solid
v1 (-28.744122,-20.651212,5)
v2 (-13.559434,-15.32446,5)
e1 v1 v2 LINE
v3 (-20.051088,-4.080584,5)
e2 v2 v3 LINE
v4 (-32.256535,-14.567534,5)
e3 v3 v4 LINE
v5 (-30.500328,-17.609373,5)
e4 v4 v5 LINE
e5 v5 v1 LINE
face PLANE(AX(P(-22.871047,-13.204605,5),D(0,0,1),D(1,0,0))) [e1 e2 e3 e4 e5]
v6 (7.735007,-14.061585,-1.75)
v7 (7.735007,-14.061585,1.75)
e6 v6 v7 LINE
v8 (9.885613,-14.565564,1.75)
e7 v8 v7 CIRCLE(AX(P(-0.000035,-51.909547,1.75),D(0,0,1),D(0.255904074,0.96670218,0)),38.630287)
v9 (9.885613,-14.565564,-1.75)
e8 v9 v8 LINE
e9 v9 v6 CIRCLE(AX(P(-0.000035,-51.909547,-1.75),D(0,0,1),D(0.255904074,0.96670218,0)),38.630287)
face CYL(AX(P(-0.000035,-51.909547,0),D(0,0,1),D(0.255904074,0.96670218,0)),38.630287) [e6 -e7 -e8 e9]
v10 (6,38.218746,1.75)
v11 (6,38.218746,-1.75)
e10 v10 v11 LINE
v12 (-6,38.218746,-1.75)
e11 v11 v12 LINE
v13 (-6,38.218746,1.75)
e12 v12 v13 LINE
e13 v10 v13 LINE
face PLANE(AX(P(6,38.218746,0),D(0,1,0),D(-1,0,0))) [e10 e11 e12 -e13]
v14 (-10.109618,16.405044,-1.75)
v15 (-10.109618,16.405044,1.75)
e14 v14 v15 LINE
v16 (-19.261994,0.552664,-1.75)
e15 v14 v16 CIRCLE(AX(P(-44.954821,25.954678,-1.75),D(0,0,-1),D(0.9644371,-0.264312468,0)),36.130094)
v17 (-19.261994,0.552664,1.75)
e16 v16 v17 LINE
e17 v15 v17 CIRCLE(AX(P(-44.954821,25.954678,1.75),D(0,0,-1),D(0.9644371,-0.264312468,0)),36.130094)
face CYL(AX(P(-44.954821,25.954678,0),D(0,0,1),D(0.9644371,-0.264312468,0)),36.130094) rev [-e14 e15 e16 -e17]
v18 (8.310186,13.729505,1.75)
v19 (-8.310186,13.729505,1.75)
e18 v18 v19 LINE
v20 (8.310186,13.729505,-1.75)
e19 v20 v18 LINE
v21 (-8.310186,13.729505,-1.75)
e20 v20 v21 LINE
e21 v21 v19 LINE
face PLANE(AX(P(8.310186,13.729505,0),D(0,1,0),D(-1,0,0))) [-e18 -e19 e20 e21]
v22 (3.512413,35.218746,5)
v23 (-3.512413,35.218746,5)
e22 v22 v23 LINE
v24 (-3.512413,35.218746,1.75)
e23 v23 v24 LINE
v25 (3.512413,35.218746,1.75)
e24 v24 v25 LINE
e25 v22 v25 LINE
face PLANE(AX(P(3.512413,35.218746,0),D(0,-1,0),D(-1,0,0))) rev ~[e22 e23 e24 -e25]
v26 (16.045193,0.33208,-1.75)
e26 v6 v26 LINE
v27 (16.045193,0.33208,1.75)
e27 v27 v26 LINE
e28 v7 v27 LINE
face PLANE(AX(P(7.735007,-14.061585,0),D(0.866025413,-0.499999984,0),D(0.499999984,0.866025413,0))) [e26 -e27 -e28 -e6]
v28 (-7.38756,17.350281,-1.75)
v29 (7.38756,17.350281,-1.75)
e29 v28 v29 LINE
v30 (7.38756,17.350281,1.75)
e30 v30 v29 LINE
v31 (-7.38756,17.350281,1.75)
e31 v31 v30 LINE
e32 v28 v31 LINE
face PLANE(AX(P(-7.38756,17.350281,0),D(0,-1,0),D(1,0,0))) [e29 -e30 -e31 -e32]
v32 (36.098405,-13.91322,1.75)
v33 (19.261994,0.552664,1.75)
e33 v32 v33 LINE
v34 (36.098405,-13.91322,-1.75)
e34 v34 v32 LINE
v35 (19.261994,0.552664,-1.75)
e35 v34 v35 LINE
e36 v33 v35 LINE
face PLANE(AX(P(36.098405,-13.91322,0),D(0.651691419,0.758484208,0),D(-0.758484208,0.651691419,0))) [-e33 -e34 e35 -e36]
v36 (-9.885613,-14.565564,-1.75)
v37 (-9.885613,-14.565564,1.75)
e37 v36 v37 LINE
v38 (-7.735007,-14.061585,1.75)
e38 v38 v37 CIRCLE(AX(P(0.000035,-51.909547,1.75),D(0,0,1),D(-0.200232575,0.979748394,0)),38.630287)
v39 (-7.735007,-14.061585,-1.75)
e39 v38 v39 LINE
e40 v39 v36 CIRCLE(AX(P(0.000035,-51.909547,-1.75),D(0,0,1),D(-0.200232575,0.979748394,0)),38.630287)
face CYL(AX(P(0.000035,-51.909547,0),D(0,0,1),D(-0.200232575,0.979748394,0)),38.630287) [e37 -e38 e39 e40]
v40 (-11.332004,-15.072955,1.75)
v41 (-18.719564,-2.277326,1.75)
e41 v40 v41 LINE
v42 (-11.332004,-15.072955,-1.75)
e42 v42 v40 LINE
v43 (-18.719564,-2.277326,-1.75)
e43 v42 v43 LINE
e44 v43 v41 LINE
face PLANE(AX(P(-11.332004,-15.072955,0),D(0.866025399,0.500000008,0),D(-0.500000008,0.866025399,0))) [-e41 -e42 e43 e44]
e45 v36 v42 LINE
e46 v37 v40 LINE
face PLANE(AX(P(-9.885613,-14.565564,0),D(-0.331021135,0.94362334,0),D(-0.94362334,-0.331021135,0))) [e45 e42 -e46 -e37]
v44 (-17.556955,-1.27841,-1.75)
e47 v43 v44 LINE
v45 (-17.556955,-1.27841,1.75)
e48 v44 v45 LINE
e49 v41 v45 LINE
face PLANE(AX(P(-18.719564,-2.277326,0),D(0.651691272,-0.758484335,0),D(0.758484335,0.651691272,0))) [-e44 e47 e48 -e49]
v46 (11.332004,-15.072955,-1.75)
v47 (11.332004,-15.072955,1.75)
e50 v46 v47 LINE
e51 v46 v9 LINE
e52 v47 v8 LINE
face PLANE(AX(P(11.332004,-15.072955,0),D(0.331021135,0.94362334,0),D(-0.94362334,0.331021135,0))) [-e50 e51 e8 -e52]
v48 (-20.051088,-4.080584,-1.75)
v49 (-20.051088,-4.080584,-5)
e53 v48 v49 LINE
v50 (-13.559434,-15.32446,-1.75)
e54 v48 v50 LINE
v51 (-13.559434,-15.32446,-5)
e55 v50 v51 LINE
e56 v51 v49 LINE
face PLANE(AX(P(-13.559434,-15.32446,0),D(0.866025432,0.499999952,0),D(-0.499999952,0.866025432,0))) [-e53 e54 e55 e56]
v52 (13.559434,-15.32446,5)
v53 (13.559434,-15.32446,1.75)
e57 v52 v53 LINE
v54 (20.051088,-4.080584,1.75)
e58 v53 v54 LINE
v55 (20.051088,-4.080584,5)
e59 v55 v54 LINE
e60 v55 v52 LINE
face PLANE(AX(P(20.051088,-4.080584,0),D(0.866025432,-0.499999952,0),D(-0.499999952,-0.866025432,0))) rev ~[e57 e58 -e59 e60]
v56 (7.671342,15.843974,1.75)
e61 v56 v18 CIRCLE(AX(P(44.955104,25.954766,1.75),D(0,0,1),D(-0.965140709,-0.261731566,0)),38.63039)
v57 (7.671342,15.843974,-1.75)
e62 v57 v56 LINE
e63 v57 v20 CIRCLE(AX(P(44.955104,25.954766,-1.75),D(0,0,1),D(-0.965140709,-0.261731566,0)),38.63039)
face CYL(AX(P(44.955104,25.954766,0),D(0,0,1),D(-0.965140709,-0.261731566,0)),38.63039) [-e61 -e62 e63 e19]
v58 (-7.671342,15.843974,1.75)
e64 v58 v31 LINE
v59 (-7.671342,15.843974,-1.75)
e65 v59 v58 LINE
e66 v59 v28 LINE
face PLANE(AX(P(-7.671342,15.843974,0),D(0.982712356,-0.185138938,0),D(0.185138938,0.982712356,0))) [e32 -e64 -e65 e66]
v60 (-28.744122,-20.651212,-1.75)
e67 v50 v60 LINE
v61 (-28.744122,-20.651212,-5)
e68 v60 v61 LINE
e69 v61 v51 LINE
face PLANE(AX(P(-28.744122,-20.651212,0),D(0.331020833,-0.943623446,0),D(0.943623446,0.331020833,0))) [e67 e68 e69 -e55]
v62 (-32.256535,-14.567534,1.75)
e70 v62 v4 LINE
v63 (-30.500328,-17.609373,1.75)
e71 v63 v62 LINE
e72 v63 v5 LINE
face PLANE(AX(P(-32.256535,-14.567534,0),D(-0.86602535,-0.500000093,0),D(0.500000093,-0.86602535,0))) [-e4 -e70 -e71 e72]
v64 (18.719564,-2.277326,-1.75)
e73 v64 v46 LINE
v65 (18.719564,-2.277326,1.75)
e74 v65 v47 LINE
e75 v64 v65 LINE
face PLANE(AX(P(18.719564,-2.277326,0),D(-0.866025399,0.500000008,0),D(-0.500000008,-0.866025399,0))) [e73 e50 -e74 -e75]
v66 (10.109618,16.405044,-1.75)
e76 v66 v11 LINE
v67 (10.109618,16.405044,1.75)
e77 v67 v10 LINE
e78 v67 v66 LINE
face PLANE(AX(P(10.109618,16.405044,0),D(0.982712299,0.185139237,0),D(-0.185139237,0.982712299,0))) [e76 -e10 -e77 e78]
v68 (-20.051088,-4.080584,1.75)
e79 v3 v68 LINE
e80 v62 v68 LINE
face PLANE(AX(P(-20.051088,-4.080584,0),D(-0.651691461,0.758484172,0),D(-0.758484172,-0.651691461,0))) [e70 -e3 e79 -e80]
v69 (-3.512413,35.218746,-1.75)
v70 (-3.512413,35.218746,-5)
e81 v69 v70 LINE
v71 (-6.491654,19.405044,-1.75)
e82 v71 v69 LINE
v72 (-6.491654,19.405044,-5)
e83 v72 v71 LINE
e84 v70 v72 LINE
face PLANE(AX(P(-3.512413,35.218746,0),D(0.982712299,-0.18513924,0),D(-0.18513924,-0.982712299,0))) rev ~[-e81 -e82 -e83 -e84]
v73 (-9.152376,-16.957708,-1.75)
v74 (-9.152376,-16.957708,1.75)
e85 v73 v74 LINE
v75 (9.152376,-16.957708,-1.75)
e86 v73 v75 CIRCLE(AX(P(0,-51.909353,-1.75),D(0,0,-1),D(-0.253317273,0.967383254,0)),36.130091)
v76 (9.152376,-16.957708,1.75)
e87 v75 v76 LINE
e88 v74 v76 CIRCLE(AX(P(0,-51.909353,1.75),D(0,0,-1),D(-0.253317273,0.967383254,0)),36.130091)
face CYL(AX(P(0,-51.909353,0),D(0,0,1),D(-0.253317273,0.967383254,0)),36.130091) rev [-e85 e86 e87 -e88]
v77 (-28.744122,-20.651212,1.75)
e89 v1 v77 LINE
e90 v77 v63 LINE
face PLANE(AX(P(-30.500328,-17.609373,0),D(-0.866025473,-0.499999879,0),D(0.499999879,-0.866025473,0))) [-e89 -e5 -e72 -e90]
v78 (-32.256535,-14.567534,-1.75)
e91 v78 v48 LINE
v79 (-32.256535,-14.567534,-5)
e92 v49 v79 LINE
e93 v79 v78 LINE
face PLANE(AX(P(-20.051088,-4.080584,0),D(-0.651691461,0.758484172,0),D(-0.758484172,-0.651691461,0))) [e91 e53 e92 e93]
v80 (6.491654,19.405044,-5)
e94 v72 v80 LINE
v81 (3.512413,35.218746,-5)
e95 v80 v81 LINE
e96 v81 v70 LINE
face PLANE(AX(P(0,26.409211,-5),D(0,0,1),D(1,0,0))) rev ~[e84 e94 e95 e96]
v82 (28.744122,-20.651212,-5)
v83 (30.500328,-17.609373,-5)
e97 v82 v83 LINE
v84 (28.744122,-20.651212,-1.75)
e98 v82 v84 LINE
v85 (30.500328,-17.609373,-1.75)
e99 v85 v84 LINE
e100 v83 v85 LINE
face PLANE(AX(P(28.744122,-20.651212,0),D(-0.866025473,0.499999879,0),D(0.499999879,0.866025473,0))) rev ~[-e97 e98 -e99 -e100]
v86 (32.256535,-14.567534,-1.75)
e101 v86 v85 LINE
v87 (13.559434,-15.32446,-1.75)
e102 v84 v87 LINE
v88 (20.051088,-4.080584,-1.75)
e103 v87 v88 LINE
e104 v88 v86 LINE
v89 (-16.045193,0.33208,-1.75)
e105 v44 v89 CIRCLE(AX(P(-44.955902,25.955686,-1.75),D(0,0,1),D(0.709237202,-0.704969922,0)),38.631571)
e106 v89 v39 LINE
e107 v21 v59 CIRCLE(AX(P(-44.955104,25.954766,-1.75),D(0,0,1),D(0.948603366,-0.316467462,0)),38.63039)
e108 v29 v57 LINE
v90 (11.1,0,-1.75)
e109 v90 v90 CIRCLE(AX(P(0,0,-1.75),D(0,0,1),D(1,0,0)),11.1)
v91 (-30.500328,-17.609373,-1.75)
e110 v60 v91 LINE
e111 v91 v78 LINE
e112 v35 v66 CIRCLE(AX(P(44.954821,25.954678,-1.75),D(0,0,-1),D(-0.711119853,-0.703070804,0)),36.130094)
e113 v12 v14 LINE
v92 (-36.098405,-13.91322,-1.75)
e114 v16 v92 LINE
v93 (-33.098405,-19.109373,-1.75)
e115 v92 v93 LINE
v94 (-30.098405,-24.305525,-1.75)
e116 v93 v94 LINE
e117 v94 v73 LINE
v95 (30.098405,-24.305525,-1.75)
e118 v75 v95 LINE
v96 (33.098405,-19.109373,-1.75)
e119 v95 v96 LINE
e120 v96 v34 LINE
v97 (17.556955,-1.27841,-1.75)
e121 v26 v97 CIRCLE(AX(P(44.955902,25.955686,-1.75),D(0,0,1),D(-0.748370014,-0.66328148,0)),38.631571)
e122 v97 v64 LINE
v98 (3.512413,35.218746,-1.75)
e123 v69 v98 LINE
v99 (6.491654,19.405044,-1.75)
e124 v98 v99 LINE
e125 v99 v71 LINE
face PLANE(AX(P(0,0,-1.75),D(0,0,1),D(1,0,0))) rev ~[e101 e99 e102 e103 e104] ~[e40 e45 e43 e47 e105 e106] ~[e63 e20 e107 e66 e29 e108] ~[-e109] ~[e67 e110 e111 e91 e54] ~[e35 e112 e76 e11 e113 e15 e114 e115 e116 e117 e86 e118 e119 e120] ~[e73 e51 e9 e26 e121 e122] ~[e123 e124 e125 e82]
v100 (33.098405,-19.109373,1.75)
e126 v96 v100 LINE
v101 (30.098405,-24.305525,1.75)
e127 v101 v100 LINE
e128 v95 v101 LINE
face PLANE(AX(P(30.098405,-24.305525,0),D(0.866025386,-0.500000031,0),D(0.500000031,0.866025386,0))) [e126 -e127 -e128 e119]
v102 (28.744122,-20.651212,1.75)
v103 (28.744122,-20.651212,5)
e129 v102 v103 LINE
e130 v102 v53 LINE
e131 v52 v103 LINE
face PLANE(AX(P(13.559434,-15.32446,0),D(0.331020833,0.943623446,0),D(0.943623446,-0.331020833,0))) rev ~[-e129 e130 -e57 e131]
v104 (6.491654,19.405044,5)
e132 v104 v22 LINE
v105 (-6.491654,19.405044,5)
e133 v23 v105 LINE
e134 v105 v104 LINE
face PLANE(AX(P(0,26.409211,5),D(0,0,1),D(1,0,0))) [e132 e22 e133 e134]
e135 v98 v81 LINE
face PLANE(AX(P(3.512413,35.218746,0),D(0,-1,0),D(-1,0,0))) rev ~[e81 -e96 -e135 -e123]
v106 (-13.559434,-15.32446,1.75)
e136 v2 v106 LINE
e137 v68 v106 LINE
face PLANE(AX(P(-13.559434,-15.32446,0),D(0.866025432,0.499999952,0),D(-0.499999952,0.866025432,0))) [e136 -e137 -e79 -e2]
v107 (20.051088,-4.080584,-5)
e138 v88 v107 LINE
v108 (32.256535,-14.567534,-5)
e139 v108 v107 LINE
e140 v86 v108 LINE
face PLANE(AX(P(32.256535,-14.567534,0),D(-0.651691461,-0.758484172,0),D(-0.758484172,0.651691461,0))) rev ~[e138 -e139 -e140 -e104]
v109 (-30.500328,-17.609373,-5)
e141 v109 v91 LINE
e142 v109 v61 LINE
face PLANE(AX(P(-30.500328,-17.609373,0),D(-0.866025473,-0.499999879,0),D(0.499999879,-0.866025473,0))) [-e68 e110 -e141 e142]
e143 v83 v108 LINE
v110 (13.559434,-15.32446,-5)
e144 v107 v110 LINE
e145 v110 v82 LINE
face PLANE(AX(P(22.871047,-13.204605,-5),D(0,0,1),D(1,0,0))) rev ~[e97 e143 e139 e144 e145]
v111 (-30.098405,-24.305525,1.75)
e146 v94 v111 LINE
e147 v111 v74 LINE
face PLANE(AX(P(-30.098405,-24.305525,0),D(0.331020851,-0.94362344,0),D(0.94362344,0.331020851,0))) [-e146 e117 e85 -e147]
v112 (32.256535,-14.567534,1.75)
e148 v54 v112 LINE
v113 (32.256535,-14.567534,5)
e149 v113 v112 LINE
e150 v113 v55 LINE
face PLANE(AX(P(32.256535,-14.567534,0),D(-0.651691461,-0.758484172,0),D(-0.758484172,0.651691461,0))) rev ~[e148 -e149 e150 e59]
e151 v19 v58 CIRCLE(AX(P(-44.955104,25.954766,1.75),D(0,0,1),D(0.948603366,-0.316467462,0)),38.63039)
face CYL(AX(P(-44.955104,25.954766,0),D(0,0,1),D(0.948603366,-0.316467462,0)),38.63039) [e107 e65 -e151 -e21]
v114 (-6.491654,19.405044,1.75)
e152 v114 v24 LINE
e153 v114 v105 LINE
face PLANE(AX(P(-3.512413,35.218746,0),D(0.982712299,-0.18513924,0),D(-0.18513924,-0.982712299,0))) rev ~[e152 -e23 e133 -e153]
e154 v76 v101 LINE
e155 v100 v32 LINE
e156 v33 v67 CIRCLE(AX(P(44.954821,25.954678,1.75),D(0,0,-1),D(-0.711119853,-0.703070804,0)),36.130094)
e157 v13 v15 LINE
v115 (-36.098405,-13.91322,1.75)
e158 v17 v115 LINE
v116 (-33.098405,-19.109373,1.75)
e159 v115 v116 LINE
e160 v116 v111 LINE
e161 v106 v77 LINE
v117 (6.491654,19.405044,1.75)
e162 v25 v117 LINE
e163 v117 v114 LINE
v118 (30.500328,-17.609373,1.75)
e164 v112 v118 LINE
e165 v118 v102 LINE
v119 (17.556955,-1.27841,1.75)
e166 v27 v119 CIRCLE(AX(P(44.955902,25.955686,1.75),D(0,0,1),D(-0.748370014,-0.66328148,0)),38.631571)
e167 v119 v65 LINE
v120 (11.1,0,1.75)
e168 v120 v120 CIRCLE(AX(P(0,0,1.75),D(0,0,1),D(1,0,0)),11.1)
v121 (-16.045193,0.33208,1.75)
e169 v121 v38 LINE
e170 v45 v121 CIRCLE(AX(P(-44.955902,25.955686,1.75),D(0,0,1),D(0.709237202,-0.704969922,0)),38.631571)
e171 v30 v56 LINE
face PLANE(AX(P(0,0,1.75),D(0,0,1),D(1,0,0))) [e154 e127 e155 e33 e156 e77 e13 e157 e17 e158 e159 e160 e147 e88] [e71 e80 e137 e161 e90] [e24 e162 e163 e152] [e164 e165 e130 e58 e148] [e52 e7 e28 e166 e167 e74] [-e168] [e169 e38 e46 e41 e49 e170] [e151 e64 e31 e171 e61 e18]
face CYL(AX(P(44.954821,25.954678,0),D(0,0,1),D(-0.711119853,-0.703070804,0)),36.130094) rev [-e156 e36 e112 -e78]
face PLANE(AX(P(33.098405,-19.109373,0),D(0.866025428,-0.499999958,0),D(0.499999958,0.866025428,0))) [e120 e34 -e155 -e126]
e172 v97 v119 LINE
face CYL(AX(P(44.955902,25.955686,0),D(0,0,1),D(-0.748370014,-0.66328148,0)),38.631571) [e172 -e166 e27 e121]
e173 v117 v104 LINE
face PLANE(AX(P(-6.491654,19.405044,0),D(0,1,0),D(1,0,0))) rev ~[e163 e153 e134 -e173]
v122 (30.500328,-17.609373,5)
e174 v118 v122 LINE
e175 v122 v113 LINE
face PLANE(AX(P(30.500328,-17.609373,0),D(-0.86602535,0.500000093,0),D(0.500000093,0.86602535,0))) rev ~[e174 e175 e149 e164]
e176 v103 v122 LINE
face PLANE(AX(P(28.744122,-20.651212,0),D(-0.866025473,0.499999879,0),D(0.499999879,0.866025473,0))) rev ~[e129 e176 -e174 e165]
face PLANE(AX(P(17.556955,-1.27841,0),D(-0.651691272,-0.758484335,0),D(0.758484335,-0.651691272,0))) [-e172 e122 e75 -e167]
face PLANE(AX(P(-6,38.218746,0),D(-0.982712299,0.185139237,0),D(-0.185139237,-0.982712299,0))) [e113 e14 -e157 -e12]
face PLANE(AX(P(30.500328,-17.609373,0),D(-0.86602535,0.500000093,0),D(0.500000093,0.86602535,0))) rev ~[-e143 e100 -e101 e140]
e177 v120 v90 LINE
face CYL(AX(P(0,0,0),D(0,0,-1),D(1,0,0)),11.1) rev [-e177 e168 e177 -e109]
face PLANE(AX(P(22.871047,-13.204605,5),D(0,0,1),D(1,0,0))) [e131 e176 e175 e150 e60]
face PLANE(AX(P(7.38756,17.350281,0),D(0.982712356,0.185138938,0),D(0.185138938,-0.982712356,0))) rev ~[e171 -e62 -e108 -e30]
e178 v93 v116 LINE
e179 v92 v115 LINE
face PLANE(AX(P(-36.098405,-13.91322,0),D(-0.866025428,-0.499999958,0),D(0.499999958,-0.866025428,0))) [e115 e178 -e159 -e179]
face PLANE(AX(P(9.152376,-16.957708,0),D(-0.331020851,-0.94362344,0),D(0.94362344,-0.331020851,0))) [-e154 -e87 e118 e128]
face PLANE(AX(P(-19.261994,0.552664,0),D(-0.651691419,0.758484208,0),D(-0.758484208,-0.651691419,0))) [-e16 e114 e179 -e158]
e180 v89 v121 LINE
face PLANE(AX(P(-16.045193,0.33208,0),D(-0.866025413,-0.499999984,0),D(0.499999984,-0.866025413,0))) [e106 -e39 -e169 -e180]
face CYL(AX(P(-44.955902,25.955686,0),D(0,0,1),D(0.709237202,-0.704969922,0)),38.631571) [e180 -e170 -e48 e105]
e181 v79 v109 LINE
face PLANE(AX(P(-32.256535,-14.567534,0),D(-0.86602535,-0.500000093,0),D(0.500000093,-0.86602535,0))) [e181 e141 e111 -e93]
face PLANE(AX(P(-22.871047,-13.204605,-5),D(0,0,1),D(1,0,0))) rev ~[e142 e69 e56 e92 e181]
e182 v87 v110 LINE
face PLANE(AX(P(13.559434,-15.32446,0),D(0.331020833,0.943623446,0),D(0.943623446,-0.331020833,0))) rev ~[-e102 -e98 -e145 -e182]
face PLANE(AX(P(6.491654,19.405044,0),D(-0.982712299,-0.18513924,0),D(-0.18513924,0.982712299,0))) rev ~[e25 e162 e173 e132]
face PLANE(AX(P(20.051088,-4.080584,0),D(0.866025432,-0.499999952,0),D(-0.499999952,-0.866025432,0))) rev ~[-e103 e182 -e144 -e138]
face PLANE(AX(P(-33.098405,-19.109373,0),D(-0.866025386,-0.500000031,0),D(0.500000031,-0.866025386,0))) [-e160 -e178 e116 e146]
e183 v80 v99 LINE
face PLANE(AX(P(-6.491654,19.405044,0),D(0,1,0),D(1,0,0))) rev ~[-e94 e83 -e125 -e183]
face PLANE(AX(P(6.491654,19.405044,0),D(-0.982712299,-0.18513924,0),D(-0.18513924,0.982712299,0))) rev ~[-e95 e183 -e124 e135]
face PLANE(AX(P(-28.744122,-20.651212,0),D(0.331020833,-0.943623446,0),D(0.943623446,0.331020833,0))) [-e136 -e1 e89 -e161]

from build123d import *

# Parameters (mm, degrees)
F0_R     = 11.1
F1_DEPTH = 1.75
F2_DEPTH = 5


with BuildPart() as f1:
    # F0 (on Top) → F1 (new body, symmetric)
    with BuildSketch(Plane.XY):
        with BuildLine():
            Line((6, 38.218746), (0, 38.218746))
            Line((0, 38.218746), (-6, 38.218746))
            Line((-6, 38.218746), (-10.109618, 16.405044))
            ThreePointArc((-10.109618, 16.405044), (-13.665242, 7.889631), (-19.261994, 0.552664))
            Line((-19.261994, 0.552664), (-36.098405, -13.91322))
            Line((-36.098405, -13.91322), (-33.098405, -19.109373))
            Line((-33.098405, -19.109373), (-30.098405, -24.305525))
            Line((-30.098405, -24.305525), (-9.152376, -16.957708))
            ThreePointArc((-9.152376, -16.957708), (0, -15.779262), (9.152376, -16.957708))
            Line((9.152376, -16.957708), (30.098405, -24.305525))
            Line((30.098405, -24.305525), (33.098405, -19.109373))
            Line((33.098405, -19.109373), (36.098405, -13.91322))
            Line((36.098405, -13.91322), (19.261994, 0.552664))
            ThreePointArc((19.261994, 0.552664), (13.665242, 7.889631), (10.109618, 16.405044))
            Line((10.109618, 16.405044), (6, 38.218746))
        make_face()
        Polygon((-30.500328, -17.609373), (-32.256535, -14.567534), (-20.051088, -4.080584), (-13.559434, -15.32446), (-28.744122, -20.651212), align=None, mode=Mode.SUBTRACT)
        with BuildLine():
            Line((-9.885613, -14.565564), (-11.332004, -15.072955))
            Line((-11.332004, -15.072955), (-18.719564, -2.277326))
            Line((-18.719564, -2.277326), (-17.556955, -1.27841))
            ThreePointArc((-17.556955, -1.27841), (-16.789561, -0.483972), (-16.045193, 0.33208))
            Line((-16.045193, 0.33208), (-7.735007, -14.061585))
            ThreePointArc((-7.735007, -14.061585), (-8.813913, -14.2982), (-9.885613, -14.565564))
        make_face(mode=Mode.SUBTRACT)
        Circle(F0_R, mode=Mode.SUBTRACT)
        Polygon((30.500328, -17.609373), (28.744122, -20.651212), (13.559434, -15.32446), (20.051088, -4.080584), (32.256535, -14.567534), align=None, mode=Mode.SUBTRACT)
        with BuildLine():
            Line((17.556955, -1.27841), (18.719564, -2.277326))
            Line((18.719564, -2.277326), (11.332004, -15.072955))
            Line((11.332004, -15.072955), (9.885613, -14.565564))
            ThreePointArc((9.885613, -14.565564), (8.813913, -14.2982), (7.735007, -14.061585))
            Line((7.735007, -14.061585), (16.045193, 0.33208))
            ThreePointArc((16.045193, 0.33208), (16.789561, -0.483972), (17.556955, -1.27841))
        make_face(mode=Mode.SUBTRACT)
        with BuildLine():
            Line((8.310186, 13.729505), (-8.310186, 13.729505))
            ThreePointArc((-8.310186, 13.729505), (-7.975648, 14.782172), (-7.671342, 15.843974))
            Line((-7.671342, 15.843974), (-7.38756, 17.350281))
            Line((-7.38756, 17.350281), (7.38756, 17.350281))
            Line((7.38756, 17.350281), (7.671342, 15.843974))
            ThreePointArc((7.671342, 15.843974), (7.975648, 14.782172), (8.310186, 13.729505))
        make_face(mode=Mode.SUBTRACT)
        Polygon((6.491654, 19.405044), (-6.491654, 19.405044), (-3.512413, 35.218746), (0, 35.218746), (3.512413, 35.218746), align=None, mode=Mode.SUBTRACT)
    extrude(amount=F1_DEPTH, both=True)

    # F0 (on Top) → F2 (join, symmetric)
    with BuildSketch(Plane.XY):
        Polygon((13.559434, -15.32446), (28.744122, -20.651212), (30.500328, -17.609373), (32.256535, -14.567534), (20.051088, -4.080584), align=None)
        Polygon((-3.512413, 35.218746), (-6.491654, 19.405044), (6.491654, 19.405044), (3.512413, 35.218746), (0, 35.218746), align=None)
        Polygon((-20.051088, -4.080584), (-32.256535, -14.567534), (-30.500328, -17.609373), (-28.744122, -20.651212), (-13.559434, -15.32446), align=None)
    extrude(amount=F2_DEPTH, both=True)


solid = f1.part
